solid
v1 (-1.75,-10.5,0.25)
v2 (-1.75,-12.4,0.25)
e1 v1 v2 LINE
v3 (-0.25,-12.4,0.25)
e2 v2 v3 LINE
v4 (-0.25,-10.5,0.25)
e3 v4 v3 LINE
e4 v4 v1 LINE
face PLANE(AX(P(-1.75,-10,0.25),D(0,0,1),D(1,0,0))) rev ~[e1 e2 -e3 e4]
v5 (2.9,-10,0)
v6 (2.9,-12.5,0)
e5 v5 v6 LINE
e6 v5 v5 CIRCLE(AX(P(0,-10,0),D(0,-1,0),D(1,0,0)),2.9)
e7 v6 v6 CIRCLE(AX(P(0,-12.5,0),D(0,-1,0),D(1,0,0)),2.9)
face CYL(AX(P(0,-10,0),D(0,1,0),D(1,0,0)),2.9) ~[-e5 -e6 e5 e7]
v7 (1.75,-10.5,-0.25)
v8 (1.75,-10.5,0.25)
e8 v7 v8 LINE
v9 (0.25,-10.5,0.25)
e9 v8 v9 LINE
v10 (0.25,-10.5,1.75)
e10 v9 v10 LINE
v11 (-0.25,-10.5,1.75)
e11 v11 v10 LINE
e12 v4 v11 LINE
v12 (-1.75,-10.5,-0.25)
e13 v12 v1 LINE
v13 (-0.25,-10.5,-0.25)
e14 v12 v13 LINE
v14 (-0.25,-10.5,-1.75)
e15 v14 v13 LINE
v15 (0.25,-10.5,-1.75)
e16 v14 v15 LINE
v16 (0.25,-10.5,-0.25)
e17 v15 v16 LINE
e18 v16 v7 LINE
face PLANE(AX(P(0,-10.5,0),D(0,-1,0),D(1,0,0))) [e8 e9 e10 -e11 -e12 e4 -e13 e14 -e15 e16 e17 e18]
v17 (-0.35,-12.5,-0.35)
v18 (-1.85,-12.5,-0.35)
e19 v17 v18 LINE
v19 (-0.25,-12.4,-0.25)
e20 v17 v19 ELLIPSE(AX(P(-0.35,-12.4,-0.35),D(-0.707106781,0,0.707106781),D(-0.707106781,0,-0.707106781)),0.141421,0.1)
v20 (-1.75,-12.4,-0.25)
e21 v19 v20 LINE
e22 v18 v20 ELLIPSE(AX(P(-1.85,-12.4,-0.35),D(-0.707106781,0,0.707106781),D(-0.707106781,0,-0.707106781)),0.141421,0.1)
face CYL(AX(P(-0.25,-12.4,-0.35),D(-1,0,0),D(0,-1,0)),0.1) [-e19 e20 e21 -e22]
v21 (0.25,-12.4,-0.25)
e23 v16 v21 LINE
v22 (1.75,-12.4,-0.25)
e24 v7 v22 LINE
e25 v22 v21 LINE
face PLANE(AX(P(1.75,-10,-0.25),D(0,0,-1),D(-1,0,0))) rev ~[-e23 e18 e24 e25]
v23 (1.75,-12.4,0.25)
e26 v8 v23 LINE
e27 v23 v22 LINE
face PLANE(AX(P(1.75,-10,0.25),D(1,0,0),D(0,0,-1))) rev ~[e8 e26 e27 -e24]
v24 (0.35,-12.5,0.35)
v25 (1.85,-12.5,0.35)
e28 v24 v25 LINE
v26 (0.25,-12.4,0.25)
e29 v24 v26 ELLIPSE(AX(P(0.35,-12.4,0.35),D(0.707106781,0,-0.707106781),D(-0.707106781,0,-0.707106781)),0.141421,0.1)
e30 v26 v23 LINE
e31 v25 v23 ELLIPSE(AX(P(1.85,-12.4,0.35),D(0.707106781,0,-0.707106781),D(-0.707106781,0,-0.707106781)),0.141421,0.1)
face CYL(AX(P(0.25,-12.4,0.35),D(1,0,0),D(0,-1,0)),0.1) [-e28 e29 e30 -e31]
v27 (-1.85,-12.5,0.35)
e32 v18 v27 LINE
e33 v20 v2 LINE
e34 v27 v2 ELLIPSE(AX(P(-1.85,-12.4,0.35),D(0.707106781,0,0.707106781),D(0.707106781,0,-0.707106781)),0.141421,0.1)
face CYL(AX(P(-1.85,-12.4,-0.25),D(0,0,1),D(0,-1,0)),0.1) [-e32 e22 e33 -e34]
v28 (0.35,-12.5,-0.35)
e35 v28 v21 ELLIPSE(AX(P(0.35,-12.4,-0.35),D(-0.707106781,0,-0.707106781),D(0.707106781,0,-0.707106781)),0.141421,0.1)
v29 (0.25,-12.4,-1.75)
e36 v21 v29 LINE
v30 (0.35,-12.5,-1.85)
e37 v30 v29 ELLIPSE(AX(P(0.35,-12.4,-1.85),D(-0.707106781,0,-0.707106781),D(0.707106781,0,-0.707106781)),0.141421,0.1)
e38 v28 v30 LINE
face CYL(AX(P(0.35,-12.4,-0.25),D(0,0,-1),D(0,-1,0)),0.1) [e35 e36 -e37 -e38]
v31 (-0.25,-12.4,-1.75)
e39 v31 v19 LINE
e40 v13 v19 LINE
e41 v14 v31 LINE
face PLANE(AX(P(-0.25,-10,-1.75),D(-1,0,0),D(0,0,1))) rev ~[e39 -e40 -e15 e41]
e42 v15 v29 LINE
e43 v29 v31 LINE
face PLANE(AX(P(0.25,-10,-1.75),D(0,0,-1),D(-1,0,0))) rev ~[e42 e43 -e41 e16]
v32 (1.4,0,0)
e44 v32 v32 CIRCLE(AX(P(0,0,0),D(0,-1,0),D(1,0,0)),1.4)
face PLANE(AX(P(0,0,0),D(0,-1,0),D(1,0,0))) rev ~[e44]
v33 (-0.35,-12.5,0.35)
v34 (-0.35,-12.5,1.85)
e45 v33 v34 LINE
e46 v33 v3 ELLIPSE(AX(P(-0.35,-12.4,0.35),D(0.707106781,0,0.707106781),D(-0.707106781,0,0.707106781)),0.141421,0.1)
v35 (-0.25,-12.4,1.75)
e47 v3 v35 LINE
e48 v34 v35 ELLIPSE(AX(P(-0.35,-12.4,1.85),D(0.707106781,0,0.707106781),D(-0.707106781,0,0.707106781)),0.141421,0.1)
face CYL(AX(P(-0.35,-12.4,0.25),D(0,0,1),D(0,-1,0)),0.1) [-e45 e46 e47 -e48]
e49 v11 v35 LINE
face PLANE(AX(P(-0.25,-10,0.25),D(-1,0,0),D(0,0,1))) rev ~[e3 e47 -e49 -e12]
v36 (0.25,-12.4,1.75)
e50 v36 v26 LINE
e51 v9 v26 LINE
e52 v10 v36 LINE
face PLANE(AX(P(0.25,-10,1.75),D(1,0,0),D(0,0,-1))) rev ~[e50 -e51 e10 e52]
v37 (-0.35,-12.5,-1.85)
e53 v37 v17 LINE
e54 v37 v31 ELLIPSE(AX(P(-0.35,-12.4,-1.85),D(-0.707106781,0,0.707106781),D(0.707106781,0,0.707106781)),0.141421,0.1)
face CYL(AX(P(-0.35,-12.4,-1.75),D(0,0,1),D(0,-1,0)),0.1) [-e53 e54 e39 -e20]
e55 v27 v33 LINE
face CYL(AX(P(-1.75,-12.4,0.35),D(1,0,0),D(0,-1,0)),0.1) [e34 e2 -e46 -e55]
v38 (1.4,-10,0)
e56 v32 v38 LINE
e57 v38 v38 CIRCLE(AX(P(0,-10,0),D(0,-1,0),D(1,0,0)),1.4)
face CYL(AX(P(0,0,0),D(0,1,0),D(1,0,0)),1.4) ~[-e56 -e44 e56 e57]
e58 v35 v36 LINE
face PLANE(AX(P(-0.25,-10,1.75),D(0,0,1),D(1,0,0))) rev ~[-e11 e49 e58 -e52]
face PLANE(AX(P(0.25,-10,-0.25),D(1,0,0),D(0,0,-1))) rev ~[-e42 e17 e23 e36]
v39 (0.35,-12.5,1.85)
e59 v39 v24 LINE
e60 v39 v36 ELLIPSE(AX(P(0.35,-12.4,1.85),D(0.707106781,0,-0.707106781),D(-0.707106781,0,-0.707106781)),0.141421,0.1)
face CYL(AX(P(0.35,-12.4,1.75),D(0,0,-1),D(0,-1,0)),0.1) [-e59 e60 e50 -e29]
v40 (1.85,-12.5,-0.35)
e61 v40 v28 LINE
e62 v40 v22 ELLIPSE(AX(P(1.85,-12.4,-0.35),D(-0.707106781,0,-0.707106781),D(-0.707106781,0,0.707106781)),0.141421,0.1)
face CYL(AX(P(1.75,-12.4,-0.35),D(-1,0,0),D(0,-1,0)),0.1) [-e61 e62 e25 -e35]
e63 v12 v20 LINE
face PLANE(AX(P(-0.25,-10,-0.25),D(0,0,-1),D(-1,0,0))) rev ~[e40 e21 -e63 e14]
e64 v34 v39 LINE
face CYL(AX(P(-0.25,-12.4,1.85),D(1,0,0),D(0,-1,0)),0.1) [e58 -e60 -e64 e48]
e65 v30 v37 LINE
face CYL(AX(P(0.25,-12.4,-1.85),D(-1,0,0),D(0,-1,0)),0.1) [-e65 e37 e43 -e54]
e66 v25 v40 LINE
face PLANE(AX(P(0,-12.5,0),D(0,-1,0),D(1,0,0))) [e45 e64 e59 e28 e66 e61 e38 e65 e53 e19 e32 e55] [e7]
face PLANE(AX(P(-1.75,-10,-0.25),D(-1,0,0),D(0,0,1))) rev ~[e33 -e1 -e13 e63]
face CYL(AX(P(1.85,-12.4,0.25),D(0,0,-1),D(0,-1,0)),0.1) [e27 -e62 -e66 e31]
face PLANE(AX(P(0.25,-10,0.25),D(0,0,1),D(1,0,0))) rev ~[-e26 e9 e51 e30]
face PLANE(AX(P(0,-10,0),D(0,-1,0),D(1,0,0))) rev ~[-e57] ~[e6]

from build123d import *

# Parameters (mm, degrees)
F0_R     = 1.4
F1_DEPTH = 10
F3_R     = 2.9
F4_DEPTH = 2.5
F3_W     = 0.5
F3_H     = 0.5
F3_W_2   = 1.5
F3_H_2   = 1.5
F5_DEPTH = 0.5
F6_R     = 0.1


with BuildPart() as f1:
    # F0 (on Front) → F1 (new body)
    with BuildSketch(Plane.XZ):
        Circle(F0_R)
    extrude(amount=F1_DEPTH)

    # F3 (on offset) → F4 (join)
    with BuildSketch(Plane.XZ.offset(10)):
        Circle(F3_R)
        Polygon((0.25, -0.25), (0.25, -1.75), (-0.25, -1.75), (-0.25, -0.25), (-1.75, -0.25), (-1.75, 0.25), (-0.25, 0.25), (-0.25, 1.75), (0.25, 1.75), (0.25, 0.25), (1.75, 0.25), (1.75, -0.25), align=None, mode=Mode.SUBTRACT)
    extrude(amount=F4_DEPTH)

    # F3 (on offset) → F5 (join)
    with BuildSketch(Plane.XZ.offset(10)):
        Rectangle(F3_W, F3_H)
        with Locations((-1, 0)):
            Rectangle(F3_W_2, F3_H)
        with Locations((0, -1)):
            Rectangle(F3_W, F3_H_2)
        with Locations((1, 0)):
            Rectangle(F3_W_2, F3_H)
        with Locations((0, 1)):
            Rectangle(F3_W, F3_H_2)
    extrude(amount=F5_DEPTH)

    # F6
    f6_edges = [f1.edges().sort_by_distance(p)[0] for p in [
        (-0.25, -12.5, 1),
        (-1, -12.5, 0.25),
        (-1, -12.5, -0.25),
        (-0.25, -12.5, -1),
        (-1.75, -12.5, 0),
        (0.25, -12.5, -1),
        (0, -12.5, -1.75),
        (1, -12.5, -0.25),
        (1.75, -12.5, 0),
        (0.25, -12.5, 1),
        (0, -12.5, 1.75),
        (1, -12.5, 0.25),
    ]]
    fillet(f6_edges, radius=F6_R)


solid = f1.part
